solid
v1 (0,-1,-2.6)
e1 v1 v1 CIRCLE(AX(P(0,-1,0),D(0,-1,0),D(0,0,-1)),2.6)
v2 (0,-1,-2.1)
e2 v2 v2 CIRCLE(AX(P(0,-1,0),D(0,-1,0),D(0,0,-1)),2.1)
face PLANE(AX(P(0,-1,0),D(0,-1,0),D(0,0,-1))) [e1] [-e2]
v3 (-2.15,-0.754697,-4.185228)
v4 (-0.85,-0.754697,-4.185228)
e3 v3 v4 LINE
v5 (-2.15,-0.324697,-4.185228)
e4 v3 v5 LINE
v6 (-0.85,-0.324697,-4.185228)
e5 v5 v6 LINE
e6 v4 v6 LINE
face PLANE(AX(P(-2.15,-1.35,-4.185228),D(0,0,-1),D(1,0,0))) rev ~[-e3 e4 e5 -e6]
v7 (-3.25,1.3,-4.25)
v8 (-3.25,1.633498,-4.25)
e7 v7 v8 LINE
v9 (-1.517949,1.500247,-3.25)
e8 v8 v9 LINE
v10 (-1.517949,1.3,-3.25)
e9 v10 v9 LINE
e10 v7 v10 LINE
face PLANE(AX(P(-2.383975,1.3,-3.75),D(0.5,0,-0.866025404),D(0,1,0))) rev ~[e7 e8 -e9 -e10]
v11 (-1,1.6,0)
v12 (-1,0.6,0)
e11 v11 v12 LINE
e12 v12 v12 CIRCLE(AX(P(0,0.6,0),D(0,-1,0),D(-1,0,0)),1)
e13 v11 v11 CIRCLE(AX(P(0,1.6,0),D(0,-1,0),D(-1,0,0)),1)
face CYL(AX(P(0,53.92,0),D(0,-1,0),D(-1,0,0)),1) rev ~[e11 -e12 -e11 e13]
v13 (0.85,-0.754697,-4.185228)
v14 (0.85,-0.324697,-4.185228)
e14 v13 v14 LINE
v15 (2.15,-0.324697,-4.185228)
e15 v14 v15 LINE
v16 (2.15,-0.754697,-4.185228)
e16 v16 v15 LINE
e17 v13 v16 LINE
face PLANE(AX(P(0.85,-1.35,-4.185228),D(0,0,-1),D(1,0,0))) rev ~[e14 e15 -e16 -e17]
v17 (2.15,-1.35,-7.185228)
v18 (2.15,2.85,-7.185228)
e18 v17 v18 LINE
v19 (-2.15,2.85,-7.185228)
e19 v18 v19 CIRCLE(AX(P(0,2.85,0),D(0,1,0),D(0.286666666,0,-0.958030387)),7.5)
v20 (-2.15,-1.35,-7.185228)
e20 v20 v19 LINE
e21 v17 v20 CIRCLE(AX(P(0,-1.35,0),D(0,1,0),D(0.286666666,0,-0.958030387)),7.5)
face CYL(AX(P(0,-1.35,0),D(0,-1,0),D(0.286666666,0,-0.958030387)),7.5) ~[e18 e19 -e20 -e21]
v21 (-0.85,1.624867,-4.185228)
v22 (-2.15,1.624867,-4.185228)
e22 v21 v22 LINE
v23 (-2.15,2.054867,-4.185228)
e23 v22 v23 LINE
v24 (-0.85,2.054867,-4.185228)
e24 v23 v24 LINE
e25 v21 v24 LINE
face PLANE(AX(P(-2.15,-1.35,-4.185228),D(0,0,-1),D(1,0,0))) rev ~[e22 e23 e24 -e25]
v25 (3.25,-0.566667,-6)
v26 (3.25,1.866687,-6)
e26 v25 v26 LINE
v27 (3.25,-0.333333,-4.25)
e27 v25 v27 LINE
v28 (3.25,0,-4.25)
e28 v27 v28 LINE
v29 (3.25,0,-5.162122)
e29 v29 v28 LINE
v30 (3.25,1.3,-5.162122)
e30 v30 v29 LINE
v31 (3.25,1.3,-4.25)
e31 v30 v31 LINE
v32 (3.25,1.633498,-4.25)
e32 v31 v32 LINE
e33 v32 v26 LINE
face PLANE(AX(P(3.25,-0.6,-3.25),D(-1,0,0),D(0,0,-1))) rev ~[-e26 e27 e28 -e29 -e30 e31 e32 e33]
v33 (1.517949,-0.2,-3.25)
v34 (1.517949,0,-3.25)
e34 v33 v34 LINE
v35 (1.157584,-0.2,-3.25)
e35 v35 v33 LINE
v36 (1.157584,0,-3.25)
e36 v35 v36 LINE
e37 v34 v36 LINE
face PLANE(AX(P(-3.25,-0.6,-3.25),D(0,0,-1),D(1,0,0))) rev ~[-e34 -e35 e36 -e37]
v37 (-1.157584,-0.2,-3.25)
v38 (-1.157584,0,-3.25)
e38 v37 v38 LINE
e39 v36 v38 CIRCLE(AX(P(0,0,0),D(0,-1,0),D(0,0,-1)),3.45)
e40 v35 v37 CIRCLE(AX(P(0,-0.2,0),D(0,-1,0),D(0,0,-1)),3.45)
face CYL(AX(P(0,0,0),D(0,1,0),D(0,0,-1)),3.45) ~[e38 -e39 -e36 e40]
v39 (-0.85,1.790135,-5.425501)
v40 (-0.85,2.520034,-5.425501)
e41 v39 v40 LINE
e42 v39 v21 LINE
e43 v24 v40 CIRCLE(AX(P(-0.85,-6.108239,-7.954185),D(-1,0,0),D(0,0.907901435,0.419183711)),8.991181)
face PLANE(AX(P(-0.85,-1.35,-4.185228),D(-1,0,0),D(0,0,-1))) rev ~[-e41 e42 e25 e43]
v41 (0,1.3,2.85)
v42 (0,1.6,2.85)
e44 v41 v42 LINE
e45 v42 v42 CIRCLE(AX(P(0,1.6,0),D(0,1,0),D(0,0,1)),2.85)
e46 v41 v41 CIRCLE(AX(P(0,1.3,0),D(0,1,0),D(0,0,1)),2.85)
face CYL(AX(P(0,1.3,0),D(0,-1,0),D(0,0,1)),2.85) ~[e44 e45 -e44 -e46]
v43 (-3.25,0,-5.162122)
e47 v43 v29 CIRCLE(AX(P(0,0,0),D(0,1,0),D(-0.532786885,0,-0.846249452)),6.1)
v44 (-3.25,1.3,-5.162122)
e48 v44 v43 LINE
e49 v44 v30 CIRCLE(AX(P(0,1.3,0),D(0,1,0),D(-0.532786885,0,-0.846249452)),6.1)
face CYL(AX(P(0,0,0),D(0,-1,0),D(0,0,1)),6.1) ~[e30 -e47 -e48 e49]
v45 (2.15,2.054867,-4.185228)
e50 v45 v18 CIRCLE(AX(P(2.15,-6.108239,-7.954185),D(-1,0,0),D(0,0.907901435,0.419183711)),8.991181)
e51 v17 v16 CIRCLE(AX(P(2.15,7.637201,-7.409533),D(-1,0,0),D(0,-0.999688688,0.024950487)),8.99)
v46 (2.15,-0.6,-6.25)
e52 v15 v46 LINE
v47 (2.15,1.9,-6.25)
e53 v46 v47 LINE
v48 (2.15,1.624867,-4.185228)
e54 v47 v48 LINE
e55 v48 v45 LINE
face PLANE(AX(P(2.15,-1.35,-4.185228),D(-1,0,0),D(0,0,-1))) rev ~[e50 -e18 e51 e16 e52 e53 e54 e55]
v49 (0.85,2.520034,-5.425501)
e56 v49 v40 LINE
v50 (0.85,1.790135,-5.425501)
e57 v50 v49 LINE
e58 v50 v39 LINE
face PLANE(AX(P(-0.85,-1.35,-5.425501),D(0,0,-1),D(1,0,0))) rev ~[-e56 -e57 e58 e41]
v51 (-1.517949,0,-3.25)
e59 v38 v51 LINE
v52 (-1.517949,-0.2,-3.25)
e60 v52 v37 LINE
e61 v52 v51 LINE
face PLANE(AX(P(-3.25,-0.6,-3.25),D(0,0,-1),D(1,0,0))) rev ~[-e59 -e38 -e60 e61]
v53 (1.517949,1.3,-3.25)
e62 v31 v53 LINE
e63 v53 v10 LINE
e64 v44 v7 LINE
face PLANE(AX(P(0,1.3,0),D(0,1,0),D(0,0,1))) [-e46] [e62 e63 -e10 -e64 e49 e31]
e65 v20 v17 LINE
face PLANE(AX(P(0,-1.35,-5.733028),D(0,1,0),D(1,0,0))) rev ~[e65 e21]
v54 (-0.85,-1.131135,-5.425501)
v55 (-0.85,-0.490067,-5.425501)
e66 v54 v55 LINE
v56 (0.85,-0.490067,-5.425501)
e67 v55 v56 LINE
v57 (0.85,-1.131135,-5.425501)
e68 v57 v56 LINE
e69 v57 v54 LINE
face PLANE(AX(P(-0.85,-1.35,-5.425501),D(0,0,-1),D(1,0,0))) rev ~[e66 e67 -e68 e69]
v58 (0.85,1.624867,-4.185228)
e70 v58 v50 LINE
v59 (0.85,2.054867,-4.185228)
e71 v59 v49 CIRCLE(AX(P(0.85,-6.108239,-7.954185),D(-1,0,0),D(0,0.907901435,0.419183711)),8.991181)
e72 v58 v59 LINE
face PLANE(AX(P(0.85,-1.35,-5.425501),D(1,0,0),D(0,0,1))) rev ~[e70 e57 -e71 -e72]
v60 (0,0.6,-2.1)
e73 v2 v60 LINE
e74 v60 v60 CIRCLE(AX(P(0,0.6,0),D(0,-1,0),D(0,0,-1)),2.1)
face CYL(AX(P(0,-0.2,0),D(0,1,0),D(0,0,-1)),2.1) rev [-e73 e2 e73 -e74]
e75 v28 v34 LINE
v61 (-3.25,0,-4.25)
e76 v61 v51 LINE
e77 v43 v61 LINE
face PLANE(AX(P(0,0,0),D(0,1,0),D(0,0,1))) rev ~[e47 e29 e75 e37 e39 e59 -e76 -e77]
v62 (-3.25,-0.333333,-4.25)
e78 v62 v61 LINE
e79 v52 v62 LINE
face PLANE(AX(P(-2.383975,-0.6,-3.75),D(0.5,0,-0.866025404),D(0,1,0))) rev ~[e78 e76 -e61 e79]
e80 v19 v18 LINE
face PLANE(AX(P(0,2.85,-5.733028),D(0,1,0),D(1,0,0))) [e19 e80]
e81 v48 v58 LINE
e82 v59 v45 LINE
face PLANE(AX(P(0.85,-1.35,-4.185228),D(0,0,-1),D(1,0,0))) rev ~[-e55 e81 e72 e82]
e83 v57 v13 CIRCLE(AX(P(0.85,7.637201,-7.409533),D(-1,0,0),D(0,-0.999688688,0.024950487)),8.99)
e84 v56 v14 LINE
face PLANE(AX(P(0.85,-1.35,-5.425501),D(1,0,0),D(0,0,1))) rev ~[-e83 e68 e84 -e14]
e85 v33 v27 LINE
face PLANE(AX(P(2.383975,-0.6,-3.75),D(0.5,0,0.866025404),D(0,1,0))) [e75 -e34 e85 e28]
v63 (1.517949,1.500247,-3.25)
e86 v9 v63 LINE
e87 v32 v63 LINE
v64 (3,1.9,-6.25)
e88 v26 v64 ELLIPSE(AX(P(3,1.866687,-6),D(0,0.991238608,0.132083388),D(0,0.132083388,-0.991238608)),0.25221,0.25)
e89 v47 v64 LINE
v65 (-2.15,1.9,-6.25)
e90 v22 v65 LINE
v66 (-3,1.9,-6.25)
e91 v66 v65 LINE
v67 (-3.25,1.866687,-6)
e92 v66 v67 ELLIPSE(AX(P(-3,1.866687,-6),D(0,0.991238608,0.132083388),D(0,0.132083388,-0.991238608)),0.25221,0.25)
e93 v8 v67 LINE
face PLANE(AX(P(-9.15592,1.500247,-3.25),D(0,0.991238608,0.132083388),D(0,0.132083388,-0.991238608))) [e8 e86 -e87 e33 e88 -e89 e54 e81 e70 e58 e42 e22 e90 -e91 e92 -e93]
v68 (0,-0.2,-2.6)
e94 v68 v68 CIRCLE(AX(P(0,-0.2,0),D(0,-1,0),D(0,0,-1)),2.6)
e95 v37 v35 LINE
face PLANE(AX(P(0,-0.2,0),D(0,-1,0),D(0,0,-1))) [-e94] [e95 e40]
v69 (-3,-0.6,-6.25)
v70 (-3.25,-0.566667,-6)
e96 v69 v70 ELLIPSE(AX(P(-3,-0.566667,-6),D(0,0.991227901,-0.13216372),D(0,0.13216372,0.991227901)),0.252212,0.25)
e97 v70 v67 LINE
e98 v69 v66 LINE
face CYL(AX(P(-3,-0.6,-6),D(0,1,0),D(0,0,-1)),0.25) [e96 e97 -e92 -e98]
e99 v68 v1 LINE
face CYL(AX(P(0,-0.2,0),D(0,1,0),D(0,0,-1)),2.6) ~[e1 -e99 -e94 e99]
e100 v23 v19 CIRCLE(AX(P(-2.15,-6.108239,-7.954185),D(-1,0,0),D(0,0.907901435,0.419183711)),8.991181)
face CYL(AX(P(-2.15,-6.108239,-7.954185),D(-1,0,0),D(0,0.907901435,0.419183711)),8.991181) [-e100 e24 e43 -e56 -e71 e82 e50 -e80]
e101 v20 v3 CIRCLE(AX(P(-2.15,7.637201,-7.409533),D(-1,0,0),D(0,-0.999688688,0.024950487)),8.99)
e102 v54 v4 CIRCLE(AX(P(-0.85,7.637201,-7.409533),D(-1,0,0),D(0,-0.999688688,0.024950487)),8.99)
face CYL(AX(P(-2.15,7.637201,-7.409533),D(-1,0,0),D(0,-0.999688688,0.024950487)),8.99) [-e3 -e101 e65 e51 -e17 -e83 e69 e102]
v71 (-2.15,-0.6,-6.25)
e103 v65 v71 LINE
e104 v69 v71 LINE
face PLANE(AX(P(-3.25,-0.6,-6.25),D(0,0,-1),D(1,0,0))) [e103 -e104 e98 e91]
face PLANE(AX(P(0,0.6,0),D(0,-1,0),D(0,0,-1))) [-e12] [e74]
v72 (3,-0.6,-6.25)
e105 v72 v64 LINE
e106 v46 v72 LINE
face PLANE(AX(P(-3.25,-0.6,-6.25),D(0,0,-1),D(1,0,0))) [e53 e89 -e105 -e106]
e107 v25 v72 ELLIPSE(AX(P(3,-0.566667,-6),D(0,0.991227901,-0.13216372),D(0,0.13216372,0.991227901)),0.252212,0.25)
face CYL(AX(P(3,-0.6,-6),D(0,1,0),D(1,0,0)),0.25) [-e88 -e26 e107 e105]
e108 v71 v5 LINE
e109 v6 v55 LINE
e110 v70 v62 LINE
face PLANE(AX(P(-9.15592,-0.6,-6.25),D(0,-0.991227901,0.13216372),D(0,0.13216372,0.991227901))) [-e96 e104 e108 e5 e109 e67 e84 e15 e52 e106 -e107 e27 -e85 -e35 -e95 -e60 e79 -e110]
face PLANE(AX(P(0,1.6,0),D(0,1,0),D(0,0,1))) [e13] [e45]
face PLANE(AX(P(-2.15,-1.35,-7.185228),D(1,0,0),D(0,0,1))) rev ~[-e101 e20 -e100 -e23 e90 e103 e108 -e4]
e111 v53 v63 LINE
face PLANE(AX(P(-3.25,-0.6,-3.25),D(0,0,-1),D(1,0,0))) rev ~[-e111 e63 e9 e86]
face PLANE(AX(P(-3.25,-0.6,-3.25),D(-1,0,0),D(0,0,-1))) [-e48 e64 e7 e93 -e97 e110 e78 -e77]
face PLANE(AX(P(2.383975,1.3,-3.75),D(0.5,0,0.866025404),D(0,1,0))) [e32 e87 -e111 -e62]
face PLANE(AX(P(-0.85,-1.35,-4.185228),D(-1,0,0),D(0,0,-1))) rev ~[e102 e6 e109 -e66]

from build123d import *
from OCP.BRepFilletAPI import BRepFilletAPI_MakeChamfer

# Parameters (mm, degrees)
SKETCH1_R                 = 6.1
BOSS_EXTRUDE1_DEPTH       = 1.3
SKETCH2_R                 = 2.85
BOSS_EXTRUDE2_DEPTH       = 0.3
SKETCH5_R                 = 3.45
BOSS_EXTRUDE3_DEPTH       = 0.2
F_2_0MM_DOWEL_HOLE1_D     = 2
F_2_0MM_DOWEL_HOLE1_DEPTH = 52.32
F_2_0MM_DOWEL_HOLE1_TIP   = 0.600860619
SKETCH6_R                 = 2.6
SKETCH6_R_2               = 2.1
BOSS_EXTRUDE4_DEPTH       = 0.8
CUT_EXTRUDE1_START        = -1.6
SKETCH8_R                 = 2.1
CUT_EXTRUDE1_DEPTH        = 1.6
BOSS_EXTRUDE5_DEPTH       = 1.9
BOSS_EXTRUDE5_DEPTH_BACK  = 0.6
SKETCH9_W                 = 6.5
SKETCH9_H                 = 3
CHAMFER1_SIZE             = 1
CHAMFER1_SIZE2            = 1.732050808
CUT_EXTRUDE2_DEPTH        = 12.405919516
CUT_EXTRUDE2_DEPTH_BACK   = 12.405919516
BOSS_EXTRUDE6_DEPTH       = 2.2
BOSS_EXTRUDE6_DEPTH_BACK  = 2
BOSS_EXTRUDE6_START       = 0.65
CUT_EXTRUDE3_DEPTH        = 10
FILLET1_R                 = 0.25


with BuildPart() as part:
    # Sketch1 → Boss-Extrude1 (new body)
    with BuildSketch(Plane(origin=(0, 0, 0), x_dir=(1, 0, 0), z_dir=(0, 1, 0))):
        with Locations(Location((0, 0, 0), (0, 0, 270))):
            Circle(SKETCH1_R)
    extrude(amount=BOSS_EXTRUDE1_DEPTH)

    # Sketch2 → Boss-Extrude2 (add)
    with BuildSketch(Plane(origin=(0, 1.3, 0), x_dir=(1, 0, 0), z_dir=(0, 1, 0))):
        with Locations(Location((0, 0, 0), (0, 0, 270))):
            Circle(SKETCH2_R)
    extrude(amount=BOSS_EXTRUDE2_DEPTH)

    # Sketch5 → Boss-Extrude3 (add)
    with BuildSketch(Plane.XZ):
        with Locations(Location((0, 0, 0), (0, 0, 270))):
            Circle(SKETCH5_R)
    extrude(amount=BOSS_EXTRUDE3_DEPTH)

    # Ø2.0mm Dowel Hole1
    with Locations(Plane(origin=(0, 1.6, 0), x_dir=(1, 0, 0), z_dir=(0, 1, 0))):
        with Locations((0, 0)):
            Hole(F_2_0MM_DOWEL_HOLE1_D / 2, depth=F_2_0MM_DOWEL_HOLE1_DEPTH)
            with Locations((0, 0, -(F_2_0MM_DOWEL_HOLE1_DEPTH + F_2_0MM_DOWEL_HOLE1_TIP / 2))):  # 118° drill point
                Cone(0, F_2_0MM_DOWEL_HOLE1_D / 2, F_2_0MM_DOWEL_HOLE1_TIP, mode=Mode.SUBTRACT)

    # Sketch6 → Boss-Extrude4 (add)
    with BuildSketch(Plane.XZ.offset(0.2)):
        with Locations(Location((0, 0, 0), (0, 0, 270))):
            Circle(SKETCH6_R)
        with Locations(Location((0, 0, 0), (0, 0, 270))):
            Circle(SKETCH6_R_2, mode=Mode.SUBTRACT)
    extrude(amount=BOSS_EXTRUDE4_DEPTH)

    # Sketch8 → Cut-Extrude1 (cut)
    with BuildSketch(Plane.XZ.offset(1).offset(CUT_EXTRUDE1_START)):
        with Locations(Location((0, 0, 0), (0, 0, 270))):
            Circle(SKETCH8_R)
    extrude(amount=CUT_EXTRUDE1_DEPTH, mode=Mode.SUBTRACT)

    # Sketch9 → Boss-Extrude5 (add, two sides: drawn at the far end of the back side and taken through both)
    with BuildSketch(Plane(origin=(0, 0, 0), x_dir=(1, 0, 0), z_dir=(0, 1, 0)).offset(-BOSS_EXTRUDE5_DEPTH_BACK)):
        with Locations((0, 4.75)):
            Rectangle(SKETCH9_W, SKETCH9_H)
    extrude(amount=BOSS_EXTRUDE5_DEPTH + BOSS_EXTRUDE5_DEPTH_BACK)

    # Chamfer1: one chamfer whose edges measure the first distance from different faces: ONE call of the kernel's chamfer builder (chamfer() names one face for all edges)
    chamfer1_edges_1 = [part.edges().sort_by_distance(p)[0] for p in [
        (3.25, -0.3, -3.25),
        (3.25, 1.6, -3.25),
    ]]
    chamfer1_side_1 = [part.faces().sort_by_distance(p)[0] for p in [
        (3.25, 1.6, -3.289051248),
    ]]
    chamfer1_edges_2 = [part.edges().sort_by_distance(p)[0] for p in [
        (-3.25, 1.6, -3.25),
        (-3.25, -0.3, -3.25),
    ]]
    chamfer1_side_2 = [part.faces().sort_by_distance(p)[0] for p in [
        (-3.25, 0.65, -6.210948752),
    ]]
    chamfer1 = BRepFilletAPI_MakeChamfer(part.part.solid().wrapped)
    for e in chamfer1_edges_1:
        chamfer1.Add(CHAMFER1_SIZE, CHAMFER1_SIZE2, e.wrapped, chamfer1_side_1[0].wrapped)  # the first distance lies on this face
    for e in chamfer1_edges_2:
        chamfer1.Add(CHAMFER1_SIZE, CHAMFER1_SIZE2, e.wrapped, chamfer1_side_2[0].wrapped)  # the first distance lies on this face
    add(Compound.cast(chamfer1.Shape()), mode=Mode.REPLACE)

    # Sketch10 → Cut-Extrude2 (cut, two sides: drawn at the far end of the back side and taken through both)
    with BuildSketch(Plane(origin=(3.25, 0, 0), x_dir=(0, 0, -1), z_dir=(1, 0, 0)).offset(-CUT_EXTRUDE2_DEPTH_BACK)):
        Polygon((3.25, 1.500247446), (6.25, 1.9), (3.25, 1.9), align=None)
        Polygon((3.25, -0.6), (6.25, -0.6), (3.25, -0.2), align=None)
    extrude(amount=CUT_EXTRUDE2_DEPTH + CUT_EXTRUDE2_DEPTH_BACK, mode=Mode.SUBTRACT)

    # Sketch11 → Boss-Extrude6 (add, two sides: drawn at the far end of the back side and taken through both)
    with BuildSketch(Plane(origin=(0, 0, 0), x_dir=(1, 0, 0), z_dir=(0, 1, 0)).offset(BOSS_EXTRUDE6_START - BOSS_EXTRUDE6_DEPTH_BACK)):
        with BuildLine():
            Line((-2.15, 7.185227902), (-2.15, 4.185227902))
            Line((-2.15, 4.185227902), (-0.85, 4.185227902))
            Line((-0.85, 4.185227902), (-0.85, 5.425500648))
            Line((-0.85, 5.425500648), (0.85, 5.425500648))
            Line((0.85, 5.425500648), (0.85, 4.185227902))
            Line((0.85, 4.185227902), (2.15, 4.185227902))
            Line((2.15, 4.185227902), (2.15, 7.185227902))
            ThreePointArc((2.15, 7.185227902), (0, 7.5), (-2.15, 7.185227902))
        make_face()
    extrude(amount=BOSS_EXTRUDE6_DEPTH + BOSS_EXTRUDE6_DEPTH_BACK)

    # Sketch12 → Cut-Extrude3 (cut)
    with BuildSketch(Plane.ZY.offset(2.15)):
        with BuildLine():
            Line((-7.185227902, 2.85), (-4.185227902, 2.85))
            Line((-4.185227902, 2.85), (-4.185227902, 2.05486736))
            ThreePointArc((-4.185227902, 2.05486736), (-5.650660459, 2.582855102), (-7.185227902, 2.85))
        make_face()
        with BuildLine():
            Line((-4.185227902, -0.754697054), (-4.185227902, -1.35))
            Line((-4.185227902, -1.35), (-7.185227902, -1.35))
            ThreePointArc((-7.185227902, -1.35), (-5.659726016, -1.180864031), (-4.185227902, -0.754697054))
        make_face()
    extrude(amount=-CUT_EXTRUDE3_DEPTH, mode=Mode.SUBTRACT)

    # Fillet1
    fillet1_edges = [part.edges().sort_by_distance(p)[0] for p in [
        (-3.25, 0.65, -6.25),
        (3.25, 0.65, -6.25),
    ]]
    fillet(fillet1_edges, radius=FILLET1_R)


solid = part.part
